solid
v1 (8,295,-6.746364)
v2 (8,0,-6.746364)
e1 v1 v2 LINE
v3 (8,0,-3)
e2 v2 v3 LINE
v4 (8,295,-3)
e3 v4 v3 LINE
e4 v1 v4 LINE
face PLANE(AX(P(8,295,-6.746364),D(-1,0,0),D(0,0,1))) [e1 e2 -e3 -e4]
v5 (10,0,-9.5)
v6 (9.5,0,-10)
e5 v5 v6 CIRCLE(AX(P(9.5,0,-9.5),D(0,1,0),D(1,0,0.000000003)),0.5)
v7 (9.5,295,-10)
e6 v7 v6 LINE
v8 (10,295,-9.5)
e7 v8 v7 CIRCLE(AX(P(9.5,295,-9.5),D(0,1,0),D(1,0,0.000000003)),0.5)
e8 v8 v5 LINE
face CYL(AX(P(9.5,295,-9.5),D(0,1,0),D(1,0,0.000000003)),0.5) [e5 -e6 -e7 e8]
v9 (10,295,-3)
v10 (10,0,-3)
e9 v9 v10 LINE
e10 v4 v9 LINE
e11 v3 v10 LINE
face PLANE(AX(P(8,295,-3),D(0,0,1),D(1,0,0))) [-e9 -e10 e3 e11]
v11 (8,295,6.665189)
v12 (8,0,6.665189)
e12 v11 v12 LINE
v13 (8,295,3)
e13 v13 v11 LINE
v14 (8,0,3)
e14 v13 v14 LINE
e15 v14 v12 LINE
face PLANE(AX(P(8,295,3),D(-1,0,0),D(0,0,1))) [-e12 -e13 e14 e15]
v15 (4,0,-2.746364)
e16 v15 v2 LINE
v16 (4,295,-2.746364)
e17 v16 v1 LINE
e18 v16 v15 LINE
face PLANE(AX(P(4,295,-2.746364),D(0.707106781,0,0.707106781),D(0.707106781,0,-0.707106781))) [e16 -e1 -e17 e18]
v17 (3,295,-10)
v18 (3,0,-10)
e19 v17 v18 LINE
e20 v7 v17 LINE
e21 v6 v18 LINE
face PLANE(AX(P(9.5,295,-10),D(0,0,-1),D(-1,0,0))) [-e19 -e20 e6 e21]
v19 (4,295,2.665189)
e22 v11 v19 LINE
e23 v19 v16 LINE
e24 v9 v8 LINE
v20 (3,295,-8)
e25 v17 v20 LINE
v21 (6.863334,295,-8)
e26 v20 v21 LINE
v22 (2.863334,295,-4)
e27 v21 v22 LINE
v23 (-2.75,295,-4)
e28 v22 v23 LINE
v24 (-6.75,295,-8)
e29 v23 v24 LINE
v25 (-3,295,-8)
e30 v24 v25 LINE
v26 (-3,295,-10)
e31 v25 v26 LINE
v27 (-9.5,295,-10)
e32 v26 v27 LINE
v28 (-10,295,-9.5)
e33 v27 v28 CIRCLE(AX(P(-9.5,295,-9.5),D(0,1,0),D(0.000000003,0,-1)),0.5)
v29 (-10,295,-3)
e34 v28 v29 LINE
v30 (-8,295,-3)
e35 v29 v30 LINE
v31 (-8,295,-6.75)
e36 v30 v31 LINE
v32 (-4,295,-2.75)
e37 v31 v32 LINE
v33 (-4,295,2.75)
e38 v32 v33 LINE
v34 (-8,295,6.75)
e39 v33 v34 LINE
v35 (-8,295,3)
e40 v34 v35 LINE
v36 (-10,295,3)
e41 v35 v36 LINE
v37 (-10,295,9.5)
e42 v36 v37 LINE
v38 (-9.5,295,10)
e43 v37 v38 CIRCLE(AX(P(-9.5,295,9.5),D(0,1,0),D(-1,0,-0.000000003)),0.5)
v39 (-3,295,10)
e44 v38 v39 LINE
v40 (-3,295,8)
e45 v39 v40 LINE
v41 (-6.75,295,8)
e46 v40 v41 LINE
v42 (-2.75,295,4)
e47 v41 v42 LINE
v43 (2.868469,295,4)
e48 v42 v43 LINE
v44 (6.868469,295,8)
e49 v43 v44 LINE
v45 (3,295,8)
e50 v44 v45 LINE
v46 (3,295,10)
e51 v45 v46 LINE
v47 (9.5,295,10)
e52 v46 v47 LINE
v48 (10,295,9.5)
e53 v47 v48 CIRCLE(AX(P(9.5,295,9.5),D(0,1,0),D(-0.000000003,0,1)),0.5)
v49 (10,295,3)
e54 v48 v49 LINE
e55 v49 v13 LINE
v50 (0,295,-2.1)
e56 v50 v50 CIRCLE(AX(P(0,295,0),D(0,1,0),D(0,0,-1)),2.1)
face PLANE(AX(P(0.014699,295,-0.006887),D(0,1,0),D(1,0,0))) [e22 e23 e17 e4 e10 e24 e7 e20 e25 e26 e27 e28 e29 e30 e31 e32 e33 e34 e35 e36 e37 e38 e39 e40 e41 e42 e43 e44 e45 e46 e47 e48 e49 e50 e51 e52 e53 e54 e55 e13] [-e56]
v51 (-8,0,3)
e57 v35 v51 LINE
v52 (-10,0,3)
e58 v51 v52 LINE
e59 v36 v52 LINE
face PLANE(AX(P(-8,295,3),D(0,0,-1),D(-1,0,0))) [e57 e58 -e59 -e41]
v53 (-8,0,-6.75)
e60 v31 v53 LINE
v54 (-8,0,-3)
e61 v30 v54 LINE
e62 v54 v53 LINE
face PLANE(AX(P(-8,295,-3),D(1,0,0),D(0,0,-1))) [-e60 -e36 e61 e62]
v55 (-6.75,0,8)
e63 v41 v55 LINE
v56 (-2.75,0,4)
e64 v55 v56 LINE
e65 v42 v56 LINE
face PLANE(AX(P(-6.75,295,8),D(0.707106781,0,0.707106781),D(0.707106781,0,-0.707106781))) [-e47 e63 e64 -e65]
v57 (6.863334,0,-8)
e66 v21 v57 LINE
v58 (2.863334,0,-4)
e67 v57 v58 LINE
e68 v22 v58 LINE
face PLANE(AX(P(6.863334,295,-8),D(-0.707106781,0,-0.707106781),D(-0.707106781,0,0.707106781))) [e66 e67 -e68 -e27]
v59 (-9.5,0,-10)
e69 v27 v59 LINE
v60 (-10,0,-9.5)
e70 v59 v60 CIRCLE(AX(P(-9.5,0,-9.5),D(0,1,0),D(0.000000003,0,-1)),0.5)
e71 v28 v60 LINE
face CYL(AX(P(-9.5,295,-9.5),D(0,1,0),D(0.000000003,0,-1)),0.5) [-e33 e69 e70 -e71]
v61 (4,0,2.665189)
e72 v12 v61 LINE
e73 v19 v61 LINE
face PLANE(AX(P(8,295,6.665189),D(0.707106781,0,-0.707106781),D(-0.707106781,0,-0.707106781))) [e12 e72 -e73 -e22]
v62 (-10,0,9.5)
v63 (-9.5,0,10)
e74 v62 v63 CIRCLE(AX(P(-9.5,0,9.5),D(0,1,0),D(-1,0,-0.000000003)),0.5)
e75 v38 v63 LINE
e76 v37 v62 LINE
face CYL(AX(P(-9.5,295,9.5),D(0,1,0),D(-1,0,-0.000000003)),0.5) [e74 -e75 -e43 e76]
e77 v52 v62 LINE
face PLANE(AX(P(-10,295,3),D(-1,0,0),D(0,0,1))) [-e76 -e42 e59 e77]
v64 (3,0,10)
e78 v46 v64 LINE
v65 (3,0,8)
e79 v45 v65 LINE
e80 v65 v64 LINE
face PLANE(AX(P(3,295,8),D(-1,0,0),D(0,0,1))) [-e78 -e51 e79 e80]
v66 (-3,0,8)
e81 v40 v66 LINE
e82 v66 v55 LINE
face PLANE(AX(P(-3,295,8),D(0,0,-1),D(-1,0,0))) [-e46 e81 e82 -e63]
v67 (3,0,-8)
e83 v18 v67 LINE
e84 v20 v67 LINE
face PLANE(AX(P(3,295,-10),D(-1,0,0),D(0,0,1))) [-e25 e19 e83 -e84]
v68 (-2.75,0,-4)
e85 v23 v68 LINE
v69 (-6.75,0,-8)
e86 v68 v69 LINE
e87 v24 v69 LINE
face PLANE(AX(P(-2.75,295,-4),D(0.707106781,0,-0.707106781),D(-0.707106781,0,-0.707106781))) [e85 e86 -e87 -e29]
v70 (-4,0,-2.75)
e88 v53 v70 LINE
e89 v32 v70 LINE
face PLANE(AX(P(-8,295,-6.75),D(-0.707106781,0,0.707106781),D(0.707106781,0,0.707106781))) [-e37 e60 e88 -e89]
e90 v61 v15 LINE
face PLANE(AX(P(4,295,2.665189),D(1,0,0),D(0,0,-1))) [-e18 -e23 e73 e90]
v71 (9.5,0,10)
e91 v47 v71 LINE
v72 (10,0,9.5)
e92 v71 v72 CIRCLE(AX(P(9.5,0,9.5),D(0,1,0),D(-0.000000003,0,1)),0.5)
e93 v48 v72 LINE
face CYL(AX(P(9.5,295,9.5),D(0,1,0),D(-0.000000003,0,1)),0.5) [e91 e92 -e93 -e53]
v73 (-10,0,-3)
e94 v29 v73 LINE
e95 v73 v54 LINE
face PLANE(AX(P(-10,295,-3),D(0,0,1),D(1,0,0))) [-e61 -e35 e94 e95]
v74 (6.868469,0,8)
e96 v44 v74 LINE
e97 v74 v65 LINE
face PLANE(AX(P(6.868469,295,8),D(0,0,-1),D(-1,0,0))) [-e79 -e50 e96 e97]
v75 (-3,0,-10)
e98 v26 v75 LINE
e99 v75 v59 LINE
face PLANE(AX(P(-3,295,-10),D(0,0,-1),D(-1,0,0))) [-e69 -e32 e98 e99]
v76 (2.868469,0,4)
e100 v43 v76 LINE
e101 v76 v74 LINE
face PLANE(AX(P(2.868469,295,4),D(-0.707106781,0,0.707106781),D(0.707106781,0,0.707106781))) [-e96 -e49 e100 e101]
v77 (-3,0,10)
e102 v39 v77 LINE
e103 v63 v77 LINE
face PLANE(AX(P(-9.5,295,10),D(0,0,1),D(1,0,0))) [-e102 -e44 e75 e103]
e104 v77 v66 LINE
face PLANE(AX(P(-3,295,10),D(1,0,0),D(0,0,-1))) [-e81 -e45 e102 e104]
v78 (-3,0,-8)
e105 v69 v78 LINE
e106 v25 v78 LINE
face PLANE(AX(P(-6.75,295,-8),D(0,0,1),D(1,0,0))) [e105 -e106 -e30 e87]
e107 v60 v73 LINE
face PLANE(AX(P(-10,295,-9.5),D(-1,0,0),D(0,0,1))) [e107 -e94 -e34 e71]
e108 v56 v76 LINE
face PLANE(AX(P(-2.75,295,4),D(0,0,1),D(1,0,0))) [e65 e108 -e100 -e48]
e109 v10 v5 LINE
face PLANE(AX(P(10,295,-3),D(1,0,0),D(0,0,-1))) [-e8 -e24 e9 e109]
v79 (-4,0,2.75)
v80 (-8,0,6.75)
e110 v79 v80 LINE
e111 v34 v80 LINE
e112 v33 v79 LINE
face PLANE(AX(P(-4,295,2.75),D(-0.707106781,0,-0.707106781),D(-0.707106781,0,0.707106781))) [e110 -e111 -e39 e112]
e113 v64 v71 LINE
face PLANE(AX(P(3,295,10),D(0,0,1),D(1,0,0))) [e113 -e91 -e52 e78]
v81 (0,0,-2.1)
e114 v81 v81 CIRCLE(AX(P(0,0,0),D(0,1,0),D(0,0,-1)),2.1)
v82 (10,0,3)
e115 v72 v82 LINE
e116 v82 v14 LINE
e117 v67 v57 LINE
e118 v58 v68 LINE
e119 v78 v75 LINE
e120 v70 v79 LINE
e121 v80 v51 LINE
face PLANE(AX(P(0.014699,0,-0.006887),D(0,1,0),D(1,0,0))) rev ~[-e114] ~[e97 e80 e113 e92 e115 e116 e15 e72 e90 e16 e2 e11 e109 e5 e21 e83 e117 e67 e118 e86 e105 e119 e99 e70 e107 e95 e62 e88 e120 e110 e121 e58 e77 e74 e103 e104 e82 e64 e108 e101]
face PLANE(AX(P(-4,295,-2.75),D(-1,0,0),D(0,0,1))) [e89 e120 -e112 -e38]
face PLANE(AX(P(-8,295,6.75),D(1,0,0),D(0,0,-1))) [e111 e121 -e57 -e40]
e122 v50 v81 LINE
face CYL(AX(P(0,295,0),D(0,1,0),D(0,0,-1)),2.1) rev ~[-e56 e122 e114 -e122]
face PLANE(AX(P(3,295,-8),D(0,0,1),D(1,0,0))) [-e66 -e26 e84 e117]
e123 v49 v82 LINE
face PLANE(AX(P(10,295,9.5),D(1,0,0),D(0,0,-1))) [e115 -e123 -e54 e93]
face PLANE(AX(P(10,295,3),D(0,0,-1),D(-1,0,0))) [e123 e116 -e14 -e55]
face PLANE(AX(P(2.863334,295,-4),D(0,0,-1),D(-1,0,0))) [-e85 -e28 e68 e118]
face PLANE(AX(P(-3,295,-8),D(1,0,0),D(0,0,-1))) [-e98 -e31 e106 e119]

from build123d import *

# Parameters (mm, degrees)
SKETCH1_R           = 2.1
BOSS_EXTRUDE1_DEPTH = 295


with BuildPart() as part:
    # Sketch1 → Boss-Extrude1 (new body)
    with BuildSketch(Plane(origin=(0, 295, 0), x_dir=(1, 0, 0), z_dir=(0, 1, 0))):
        with BuildLine():
            Line((4, 2.746364236), (8, 6.746364236))
            Line((8, 6.746364236), (8, 3))
            Line((8, 3), (10, 3))
            Line((10, 3), (10, 9.5))
            ThreePointArc((10, 9.5), (9.853553391, 9.853553391), (9.5, 10))
            Line((9.5, 10), (3, 10))
            Line((3, 10), (3, 8))
            Line((3, 8), (6.863334179, 8))
            Line((6.863334179, 8), (2.863334179, 4))
            Line((2.863334179, 4), (-2.75, 4))
            Line((-2.75, 4), (-6.75, 8))
            Line((-6.75, 8), (-3, 8))
            Line((-3, 8), (-3, 10))
            Line((-3, 10), (-9.5, 10))
            ThreePointArc((-9.5, 10), (-9.853553391, 9.853553391), (-10, 9.5))
            Line((-10, 9.5), (-10, 3))
            Line((-10, 3), (-8, 3))
            Line((-8, 3), (-8, 6.75))
            Line((-8, 6.75), (-4, 2.75))
            Line((-4, 2.75), (-4, -2.75))
            Line((-4, -2.75), (-8, -6.75))
            Line((-8, -6.75), (-8, -3))
            Line((-8, -3), (-10, -3))
            Line((-10, -3), (-10, -9.5))
            ThreePointArc((-10, -9.5), (-9.853553391, -9.853553391), (-9.5, -10))
            Line((-9.5, -10), (-3, -10))
            Line((-3, -10), (-3, -8))
            Line((-3, -8), (-6.75, -8))
            Line((-6.75, -8), (-2.75, -4))
            Line((-2.75, -4), (2.868469119, -4))
            Line((2.868469119, -4), (6.868469119, -8))
            Line((6.868469119, -8), (3, -8))
            Line((3, -8), (3, -10))
            Line((3, -10), (9.5, -10))
            ThreePointArc((9.5, -10), (9.853553391, -9.853553391), (10, -9.5))
            Line((10, -9.5), (10, -3))
            Line((10, -3), (8, -3))
            Line((8, -3), (8, -6.665189266))
            Line((8, -6.665189266), (4, -2.665189266))
            Line((4, -2.665189266), (4, 2.746364236))
        make_face()
        with Locations(Location((0, 0, 0), (0, 0, 90))):
            Circle(SKETCH1_R, mode=Mode.SUBTRACT)
    extrude(amount=-BOSS_EXTRUDE1_DEPTH)


solid = part.part
